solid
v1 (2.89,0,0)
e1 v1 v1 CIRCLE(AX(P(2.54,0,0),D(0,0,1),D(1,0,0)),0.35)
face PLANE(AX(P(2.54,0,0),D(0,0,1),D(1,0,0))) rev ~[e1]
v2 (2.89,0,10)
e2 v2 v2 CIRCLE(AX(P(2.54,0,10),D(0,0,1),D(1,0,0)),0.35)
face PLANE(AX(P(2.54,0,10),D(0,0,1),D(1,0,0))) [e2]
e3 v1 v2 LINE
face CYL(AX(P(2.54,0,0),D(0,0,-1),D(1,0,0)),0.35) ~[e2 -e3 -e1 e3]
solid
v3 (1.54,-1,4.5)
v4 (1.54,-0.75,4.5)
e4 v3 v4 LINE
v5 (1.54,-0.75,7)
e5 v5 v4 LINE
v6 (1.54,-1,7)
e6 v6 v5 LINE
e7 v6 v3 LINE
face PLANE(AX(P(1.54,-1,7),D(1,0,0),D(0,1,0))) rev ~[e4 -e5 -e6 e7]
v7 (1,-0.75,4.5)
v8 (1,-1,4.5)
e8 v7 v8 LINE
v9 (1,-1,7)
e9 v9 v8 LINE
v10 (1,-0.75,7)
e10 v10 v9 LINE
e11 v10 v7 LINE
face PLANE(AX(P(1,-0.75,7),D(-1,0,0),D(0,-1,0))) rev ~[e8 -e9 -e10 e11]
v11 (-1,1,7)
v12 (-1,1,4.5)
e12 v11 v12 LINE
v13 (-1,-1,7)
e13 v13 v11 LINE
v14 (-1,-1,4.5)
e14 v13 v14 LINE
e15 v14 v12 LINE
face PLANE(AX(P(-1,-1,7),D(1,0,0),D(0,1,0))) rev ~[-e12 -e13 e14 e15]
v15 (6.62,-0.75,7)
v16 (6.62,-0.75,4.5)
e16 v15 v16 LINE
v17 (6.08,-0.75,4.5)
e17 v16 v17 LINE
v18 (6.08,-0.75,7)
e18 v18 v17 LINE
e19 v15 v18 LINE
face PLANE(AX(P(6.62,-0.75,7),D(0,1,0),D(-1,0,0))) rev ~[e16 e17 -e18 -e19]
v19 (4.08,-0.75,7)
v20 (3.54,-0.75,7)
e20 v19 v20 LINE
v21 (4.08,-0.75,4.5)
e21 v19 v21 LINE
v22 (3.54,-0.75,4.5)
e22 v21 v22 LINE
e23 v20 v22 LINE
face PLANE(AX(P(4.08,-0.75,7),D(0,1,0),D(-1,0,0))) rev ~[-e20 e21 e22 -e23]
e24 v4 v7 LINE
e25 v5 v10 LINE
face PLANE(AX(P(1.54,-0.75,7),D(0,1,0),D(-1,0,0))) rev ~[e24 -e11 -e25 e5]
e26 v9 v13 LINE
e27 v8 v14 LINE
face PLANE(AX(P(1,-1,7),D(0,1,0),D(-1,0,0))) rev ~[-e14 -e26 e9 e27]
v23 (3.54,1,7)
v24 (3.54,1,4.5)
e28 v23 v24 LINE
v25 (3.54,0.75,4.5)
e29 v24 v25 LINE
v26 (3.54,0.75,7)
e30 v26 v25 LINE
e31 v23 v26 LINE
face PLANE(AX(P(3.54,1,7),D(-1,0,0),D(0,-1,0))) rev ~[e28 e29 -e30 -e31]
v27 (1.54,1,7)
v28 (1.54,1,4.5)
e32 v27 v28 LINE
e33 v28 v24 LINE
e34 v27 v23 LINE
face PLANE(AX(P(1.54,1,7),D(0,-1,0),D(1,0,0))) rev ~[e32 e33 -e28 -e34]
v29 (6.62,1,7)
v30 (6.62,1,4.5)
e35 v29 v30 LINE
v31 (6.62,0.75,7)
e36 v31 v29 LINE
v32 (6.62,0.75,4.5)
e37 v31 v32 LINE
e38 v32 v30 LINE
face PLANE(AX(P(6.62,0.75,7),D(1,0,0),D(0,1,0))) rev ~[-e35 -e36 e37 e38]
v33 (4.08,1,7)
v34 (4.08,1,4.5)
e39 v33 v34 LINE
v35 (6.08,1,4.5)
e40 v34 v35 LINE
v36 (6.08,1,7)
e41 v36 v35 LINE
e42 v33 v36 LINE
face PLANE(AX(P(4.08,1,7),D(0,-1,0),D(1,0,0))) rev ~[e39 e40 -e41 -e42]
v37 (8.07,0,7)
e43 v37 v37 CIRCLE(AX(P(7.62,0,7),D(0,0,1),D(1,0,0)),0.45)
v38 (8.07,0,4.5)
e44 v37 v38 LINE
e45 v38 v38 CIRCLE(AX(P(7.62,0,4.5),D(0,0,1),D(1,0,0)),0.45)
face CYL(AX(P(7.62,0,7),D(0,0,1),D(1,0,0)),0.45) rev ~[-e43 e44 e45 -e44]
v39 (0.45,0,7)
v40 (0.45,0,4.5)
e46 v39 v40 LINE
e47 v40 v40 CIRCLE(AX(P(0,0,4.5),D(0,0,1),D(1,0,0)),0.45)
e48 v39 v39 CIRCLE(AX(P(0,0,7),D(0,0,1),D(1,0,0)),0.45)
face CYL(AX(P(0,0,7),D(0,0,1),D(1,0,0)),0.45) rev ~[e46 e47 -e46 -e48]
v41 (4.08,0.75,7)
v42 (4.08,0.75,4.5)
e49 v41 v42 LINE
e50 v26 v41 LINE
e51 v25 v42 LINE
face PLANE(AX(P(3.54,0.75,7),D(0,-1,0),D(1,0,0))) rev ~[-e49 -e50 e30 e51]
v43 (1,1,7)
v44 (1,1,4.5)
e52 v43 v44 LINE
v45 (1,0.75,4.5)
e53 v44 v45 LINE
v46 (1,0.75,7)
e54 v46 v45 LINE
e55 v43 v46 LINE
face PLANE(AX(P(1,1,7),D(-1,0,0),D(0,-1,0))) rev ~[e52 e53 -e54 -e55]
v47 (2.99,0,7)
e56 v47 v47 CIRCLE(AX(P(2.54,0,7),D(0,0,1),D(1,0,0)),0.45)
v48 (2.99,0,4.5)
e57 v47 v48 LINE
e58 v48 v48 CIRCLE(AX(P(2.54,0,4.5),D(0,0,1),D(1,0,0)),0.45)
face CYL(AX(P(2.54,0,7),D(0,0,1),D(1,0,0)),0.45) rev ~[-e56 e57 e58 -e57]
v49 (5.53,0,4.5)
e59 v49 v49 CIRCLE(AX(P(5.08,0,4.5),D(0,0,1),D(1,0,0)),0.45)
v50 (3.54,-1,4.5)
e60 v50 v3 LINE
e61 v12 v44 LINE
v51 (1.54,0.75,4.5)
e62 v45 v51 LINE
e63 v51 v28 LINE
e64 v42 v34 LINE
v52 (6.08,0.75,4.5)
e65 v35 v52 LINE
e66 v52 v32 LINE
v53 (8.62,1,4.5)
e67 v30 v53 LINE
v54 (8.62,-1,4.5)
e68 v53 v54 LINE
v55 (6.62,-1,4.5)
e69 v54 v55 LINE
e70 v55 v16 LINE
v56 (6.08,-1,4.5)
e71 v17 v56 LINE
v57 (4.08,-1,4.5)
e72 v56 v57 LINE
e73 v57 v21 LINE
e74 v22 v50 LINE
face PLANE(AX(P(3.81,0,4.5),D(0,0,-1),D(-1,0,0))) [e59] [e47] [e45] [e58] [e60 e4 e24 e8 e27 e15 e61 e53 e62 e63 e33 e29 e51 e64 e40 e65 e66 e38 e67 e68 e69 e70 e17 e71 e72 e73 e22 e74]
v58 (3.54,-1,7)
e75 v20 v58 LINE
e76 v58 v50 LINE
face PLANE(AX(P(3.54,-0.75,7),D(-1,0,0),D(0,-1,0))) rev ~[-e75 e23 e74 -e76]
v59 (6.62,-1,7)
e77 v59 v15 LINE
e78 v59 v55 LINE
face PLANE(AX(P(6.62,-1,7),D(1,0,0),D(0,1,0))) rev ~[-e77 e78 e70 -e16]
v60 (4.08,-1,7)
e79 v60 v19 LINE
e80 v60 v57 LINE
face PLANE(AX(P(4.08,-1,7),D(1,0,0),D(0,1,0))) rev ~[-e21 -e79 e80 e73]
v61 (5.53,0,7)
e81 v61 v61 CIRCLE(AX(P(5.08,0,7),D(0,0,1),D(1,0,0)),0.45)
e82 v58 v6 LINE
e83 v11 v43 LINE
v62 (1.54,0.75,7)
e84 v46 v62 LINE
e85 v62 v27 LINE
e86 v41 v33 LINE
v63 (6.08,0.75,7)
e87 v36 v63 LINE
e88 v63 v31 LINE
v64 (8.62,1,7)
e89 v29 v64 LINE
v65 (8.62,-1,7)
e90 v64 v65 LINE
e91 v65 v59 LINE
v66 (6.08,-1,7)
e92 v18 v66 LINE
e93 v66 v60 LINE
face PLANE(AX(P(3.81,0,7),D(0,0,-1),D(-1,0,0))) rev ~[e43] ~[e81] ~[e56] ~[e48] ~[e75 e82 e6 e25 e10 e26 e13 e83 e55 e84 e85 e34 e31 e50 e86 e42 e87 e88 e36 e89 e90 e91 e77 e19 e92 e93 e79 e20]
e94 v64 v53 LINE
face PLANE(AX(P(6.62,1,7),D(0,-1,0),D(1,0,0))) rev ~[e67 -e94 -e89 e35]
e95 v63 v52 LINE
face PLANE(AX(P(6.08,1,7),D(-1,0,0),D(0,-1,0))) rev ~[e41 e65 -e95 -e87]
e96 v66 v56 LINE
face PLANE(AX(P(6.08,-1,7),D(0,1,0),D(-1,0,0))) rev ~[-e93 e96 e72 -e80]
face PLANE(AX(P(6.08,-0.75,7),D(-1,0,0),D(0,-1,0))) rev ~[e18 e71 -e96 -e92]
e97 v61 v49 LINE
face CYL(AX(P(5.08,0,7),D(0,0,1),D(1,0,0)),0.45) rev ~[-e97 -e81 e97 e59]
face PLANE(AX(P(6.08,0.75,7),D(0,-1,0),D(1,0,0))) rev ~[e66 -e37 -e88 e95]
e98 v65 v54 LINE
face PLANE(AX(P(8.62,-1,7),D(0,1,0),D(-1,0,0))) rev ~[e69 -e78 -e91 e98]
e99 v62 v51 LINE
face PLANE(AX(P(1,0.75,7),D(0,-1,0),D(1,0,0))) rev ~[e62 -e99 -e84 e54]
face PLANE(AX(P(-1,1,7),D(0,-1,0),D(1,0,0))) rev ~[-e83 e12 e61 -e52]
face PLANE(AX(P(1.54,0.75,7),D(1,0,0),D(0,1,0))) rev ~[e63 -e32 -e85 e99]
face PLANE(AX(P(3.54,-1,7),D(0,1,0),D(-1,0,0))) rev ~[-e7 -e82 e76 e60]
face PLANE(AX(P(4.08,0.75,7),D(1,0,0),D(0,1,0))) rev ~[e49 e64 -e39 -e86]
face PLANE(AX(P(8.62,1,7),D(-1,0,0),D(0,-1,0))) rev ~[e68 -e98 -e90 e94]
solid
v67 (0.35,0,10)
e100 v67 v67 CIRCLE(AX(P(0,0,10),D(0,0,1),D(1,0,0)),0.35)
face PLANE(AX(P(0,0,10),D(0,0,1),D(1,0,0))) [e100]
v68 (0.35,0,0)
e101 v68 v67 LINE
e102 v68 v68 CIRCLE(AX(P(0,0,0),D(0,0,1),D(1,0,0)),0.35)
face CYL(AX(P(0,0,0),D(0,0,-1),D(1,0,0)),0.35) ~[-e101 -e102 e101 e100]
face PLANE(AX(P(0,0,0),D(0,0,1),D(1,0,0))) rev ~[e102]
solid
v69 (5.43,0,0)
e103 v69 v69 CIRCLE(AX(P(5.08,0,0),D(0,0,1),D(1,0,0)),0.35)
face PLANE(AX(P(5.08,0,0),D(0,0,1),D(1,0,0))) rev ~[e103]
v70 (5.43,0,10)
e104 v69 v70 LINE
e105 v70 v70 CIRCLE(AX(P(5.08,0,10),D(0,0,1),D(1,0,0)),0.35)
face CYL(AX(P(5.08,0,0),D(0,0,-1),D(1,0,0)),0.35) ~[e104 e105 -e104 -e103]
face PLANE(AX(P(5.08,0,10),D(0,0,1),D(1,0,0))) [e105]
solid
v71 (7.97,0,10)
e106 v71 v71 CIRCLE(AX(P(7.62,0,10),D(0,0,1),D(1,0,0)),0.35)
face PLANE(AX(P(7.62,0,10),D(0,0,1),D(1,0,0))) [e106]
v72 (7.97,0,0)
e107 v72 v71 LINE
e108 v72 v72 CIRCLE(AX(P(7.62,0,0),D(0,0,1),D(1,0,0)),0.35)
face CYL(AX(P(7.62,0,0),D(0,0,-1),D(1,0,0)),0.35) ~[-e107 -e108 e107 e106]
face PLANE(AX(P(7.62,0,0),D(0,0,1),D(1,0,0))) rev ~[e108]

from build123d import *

# Parameters (mm, degrees)
IZIM1_R                       = 0.35
Y_KSEKLIK_EKSTR_ZYON1_DEPTH   = 10
Y_KSEKLIK_EKSTR_ZYON1_2_DEPTH = 10
Y_KSEKLIK_EKSTR_ZYON1_3_DEPTH = 10
Y_KSEKLIK_EKSTR_ZYON1_4_DEPTH = 10
IZIM3_R                       = 0.45
Y_KSEKLIK_EKSTR_ZYON2_DEPTH   = 2.5


with BuildPart() as part:
    # Çizim1 → Yükseklik-Ekstrüzyon1 (new body)
    with BuildSketch(Plane.XY):
        Circle(IZIM1_R)
    extrude(amount=Y_KSEKLIK_EKSTR_ZYON1_DEPTH)


with BuildPart() as body_2:
    # Çizim1 → Y_kseklik-Ekstr_zyon1 2 (new body)
    with BuildSketch(Plane.XY):
        with Locations((2.54, 0)):
            Circle(IZIM1_R)
    extrude(amount=Y_KSEKLIK_EKSTR_ZYON1_2_DEPTH)


with BuildPart() as body_3:
    # Çizim1 → Y_kseklik-Ekstr_zyon1 3 (new body)
    with BuildSketch(Plane.XY):
        with Locations((5.08, 0)):
            Circle(IZIM1_R)
    extrude(amount=Y_KSEKLIK_EKSTR_ZYON1_3_DEPTH)


with BuildPart() as body_4:
    # Çizim1 → Y_kseklik-Ekstr_zyon1 4 (new body)
    with BuildSketch(Plane.XY):
        with Locations((7.62, 0)):
            Circle(IZIM1_R)
    extrude(amount=Y_KSEKLIK_EKSTR_ZYON1_4_DEPTH)


with BuildPart() as body_5:
    # Çizim3 → Yükseklik-Ekstrüzyon2 (new body)
    with BuildSketch(Plane.XY.offset(7)):
        Polygon((1.54, 1), (3.54, 1), (3.54, 0.75), (4.08, 0.75), (4.08, 1), (6.08, 1), (6.08, 0.75), (6.62, 0.75), (6.62, 1), (8.62, 1), (8.62, -1), (6.62, -1), (6.62, -0.75), (6.08, -0.75), (6.08, -1), (4.08, -1), (4.08, -0.75), (3.54, -0.75), (3.54, -1), (1.54, -1), (1.54, -0.75), (1, -0.75), (1, -1), (-1, -1), (-1, 1), (1, 1), (1, 0.75), (1.54, 0.75), align=None)
        Circle(IZIM3_R, mode=Mode.SUBTRACT)
        with Locations((2.54, 0)):
            Circle(IZIM3_R, mode=Mode.SUBTRACT)
        with Locations((5.08, 0)):
            Circle(IZIM3_R, mode=Mode.SUBTRACT)
        with Locations((7.62, 0)):
            Circle(IZIM3_R, mode=Mode.SUBTRACT)
    extrude(amount=-Y_KSEKLIK_EKSTR_ZYON2_DEPTH)


solid = Compound([part.part, body_2.part, body_3.part, body_4.part, body_5.part])
